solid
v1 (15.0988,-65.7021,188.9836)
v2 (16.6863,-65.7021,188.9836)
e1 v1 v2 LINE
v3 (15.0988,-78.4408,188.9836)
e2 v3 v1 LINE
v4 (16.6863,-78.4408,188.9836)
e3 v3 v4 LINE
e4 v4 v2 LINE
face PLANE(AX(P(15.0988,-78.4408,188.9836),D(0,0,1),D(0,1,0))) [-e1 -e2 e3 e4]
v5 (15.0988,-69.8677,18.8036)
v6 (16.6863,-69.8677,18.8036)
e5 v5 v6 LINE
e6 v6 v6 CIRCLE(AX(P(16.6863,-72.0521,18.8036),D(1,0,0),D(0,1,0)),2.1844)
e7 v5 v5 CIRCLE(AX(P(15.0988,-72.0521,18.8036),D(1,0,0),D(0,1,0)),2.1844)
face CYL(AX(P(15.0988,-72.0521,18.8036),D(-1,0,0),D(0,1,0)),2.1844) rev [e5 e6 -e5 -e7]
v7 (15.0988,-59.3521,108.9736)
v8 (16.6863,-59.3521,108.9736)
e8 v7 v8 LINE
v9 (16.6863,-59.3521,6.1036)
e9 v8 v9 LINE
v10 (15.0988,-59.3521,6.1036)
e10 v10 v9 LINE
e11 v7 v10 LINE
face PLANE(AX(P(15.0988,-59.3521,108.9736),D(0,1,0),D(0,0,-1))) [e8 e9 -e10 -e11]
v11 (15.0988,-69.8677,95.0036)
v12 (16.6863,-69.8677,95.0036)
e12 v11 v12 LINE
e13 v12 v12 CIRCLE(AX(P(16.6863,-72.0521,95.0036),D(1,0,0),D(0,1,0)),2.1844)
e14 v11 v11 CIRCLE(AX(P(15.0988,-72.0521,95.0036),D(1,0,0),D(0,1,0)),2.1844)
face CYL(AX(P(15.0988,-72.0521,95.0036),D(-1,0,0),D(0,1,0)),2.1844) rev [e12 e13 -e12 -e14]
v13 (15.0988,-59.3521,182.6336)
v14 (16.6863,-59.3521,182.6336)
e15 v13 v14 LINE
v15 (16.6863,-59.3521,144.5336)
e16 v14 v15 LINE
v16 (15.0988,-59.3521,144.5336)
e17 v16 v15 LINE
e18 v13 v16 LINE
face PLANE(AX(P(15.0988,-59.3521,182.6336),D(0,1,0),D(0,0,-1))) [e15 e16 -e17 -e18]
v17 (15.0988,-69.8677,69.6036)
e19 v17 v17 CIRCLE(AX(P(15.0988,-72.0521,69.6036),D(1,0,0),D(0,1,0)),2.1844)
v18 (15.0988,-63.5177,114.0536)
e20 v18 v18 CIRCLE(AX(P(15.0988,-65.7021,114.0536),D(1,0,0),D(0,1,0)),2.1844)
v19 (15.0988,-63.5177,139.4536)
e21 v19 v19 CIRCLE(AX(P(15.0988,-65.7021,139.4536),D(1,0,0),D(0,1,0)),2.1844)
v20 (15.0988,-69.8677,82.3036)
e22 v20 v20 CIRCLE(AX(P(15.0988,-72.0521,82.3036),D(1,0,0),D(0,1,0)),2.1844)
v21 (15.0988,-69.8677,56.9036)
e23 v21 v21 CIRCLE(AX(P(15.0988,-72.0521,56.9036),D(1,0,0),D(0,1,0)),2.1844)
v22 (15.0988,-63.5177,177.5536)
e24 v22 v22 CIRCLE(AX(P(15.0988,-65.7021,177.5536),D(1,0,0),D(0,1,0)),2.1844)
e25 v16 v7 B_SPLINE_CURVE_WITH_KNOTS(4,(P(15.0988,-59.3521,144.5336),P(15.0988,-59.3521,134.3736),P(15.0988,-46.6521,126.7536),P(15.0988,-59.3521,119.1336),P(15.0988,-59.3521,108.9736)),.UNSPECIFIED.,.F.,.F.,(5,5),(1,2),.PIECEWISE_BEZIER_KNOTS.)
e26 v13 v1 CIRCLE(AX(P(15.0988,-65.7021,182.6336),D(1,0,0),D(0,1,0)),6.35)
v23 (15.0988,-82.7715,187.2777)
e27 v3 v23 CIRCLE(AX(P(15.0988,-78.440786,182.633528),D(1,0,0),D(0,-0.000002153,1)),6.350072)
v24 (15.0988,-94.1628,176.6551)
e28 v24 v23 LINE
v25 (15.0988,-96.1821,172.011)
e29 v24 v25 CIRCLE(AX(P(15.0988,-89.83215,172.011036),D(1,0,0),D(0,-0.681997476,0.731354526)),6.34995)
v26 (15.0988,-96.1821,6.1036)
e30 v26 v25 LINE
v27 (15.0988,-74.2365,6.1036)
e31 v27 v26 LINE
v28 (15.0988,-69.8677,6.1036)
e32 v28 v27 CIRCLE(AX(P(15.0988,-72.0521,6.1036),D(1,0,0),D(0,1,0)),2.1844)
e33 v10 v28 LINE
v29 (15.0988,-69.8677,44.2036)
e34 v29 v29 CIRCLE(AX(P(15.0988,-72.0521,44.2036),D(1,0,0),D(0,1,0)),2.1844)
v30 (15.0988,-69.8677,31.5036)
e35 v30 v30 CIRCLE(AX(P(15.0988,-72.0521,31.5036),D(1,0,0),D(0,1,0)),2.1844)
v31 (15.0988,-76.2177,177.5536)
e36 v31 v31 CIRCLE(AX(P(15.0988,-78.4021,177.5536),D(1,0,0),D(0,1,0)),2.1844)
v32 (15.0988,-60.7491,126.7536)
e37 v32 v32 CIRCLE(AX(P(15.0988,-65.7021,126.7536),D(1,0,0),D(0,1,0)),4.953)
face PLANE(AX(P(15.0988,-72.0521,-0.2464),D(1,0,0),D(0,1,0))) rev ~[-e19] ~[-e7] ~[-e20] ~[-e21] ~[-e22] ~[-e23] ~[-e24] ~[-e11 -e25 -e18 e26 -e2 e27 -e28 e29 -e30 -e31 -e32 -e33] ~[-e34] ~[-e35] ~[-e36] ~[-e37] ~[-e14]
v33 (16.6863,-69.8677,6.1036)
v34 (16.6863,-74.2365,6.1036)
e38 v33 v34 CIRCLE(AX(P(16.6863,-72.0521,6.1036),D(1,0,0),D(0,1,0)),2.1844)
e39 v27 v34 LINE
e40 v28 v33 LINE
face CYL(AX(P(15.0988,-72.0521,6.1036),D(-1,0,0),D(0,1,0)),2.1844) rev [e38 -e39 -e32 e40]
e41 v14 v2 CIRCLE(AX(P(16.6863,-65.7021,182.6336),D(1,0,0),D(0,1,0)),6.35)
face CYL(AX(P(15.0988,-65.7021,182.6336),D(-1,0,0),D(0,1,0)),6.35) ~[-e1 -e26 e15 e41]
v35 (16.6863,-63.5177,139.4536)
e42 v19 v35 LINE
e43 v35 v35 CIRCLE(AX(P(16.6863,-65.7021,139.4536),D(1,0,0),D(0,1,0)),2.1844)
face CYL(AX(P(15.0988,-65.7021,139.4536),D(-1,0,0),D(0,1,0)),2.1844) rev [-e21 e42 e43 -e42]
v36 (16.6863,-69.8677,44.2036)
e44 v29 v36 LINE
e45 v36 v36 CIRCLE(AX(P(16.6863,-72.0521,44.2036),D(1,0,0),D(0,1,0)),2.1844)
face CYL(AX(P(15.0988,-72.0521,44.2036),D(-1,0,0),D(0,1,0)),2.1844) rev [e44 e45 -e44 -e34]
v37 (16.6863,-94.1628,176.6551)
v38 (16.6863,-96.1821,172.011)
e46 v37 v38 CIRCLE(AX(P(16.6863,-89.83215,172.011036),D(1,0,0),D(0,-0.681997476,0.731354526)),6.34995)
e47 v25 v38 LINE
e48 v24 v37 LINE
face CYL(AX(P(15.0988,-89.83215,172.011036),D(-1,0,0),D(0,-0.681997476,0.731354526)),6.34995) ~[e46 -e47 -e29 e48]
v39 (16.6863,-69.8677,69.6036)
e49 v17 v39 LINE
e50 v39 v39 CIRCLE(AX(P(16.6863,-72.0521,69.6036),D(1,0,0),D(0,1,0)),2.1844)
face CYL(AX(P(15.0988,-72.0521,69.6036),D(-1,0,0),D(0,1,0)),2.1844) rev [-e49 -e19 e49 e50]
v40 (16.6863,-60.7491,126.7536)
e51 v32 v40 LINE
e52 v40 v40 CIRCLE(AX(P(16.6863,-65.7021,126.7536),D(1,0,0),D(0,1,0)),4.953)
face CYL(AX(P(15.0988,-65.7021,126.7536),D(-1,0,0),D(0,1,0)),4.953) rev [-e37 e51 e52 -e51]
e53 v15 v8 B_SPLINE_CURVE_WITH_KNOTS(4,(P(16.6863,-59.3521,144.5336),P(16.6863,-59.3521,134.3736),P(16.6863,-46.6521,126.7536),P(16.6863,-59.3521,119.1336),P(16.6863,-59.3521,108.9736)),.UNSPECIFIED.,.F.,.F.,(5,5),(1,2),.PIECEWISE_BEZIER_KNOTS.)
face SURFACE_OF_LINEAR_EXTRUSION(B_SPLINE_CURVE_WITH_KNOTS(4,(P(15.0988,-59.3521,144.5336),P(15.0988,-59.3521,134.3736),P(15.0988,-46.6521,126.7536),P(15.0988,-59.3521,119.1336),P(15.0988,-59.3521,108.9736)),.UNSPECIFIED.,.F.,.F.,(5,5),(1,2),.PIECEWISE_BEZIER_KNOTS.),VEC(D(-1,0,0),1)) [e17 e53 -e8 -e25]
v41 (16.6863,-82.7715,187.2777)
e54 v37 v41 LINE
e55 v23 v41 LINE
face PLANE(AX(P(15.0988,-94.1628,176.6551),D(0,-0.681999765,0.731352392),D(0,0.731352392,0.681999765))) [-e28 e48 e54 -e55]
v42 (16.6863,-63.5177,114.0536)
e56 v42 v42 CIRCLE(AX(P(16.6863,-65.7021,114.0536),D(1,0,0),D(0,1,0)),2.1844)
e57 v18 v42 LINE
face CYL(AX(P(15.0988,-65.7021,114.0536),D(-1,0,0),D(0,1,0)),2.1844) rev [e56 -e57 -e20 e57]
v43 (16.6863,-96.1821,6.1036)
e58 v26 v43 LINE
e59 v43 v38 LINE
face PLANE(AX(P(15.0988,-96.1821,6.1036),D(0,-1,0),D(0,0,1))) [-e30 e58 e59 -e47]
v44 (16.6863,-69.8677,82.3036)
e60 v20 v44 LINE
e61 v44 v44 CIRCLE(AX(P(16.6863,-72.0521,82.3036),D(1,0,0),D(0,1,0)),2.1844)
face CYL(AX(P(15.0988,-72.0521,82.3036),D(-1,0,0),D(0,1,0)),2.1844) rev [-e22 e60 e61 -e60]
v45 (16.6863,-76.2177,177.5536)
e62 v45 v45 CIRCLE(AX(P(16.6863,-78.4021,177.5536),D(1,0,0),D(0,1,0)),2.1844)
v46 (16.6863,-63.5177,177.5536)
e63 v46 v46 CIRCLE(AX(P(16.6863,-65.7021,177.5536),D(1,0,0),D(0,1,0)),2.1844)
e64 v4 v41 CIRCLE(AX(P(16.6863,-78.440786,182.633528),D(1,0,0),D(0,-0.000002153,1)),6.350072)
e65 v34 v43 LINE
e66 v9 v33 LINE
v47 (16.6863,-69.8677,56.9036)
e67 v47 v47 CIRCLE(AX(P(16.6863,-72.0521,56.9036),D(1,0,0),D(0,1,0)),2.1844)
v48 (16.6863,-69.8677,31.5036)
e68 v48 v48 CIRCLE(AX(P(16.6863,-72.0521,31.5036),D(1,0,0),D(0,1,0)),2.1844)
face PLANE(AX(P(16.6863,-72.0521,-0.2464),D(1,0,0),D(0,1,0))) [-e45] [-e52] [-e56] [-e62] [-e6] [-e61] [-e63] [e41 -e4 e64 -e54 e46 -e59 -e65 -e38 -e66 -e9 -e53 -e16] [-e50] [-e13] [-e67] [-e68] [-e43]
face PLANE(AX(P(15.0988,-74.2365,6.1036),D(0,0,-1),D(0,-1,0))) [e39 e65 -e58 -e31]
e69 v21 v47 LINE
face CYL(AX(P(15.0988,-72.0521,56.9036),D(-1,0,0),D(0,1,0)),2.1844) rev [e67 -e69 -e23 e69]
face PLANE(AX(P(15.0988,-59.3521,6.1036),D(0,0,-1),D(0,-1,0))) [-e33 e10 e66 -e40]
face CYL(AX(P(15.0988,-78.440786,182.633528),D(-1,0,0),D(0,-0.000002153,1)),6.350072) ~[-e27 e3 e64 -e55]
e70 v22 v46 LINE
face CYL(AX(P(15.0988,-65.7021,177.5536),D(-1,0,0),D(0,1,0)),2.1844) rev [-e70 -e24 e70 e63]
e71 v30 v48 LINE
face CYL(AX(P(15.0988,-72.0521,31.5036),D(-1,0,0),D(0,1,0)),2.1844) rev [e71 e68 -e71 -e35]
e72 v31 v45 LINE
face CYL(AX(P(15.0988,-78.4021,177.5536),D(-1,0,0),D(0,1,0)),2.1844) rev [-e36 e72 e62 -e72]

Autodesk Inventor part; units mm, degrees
ref_plane "YZ Plane" through (0, 0, 0) normal (1, 0, 0) x (0, 1, 0)
ref_plane "XZ Plane" through (0, 0, 0) normal (0, 1, 0) x (-1, 0, 0)
ref_plane "XY Plane" through (0, 0, 0) normal (0, 0, 1) x (1, 0, 0)
ref_plane "Work Plane1" through (15.0988, -72.0521, -0.2464) normal (1, 0, 0) x (0, 1, 0)
sketch "Sketch1" plane through (15.0988, -72.0521, -0.2464) normal (1, 0, 0) x (0, 1, 0)
  circle A0 centre (0, 44.45) radius 2.1844 construction
  circle A1 centre (0, 6.35) radius 2.1844 construction
  circle A2 centre (0, 19.05) radius 2.1844 construction
  circle A3 centre (0, 31.75) radius 2.1844 construction
  line L0 (2.3114, -184.15) -> (10.3188, -184.15) construction
  circle A4 centre (0, 6.35) radius 2.1844 construction
  line L1 (61.7311, 6.35) -> (-93.8561, 6.35)
  line L2 (-24.13, 6.35) -> (-24.13, 172.2574)
  line L3 (-22.1107, 176.9015) -> (-10.7194, 187.5241)
  line L4 (-6.3887, 189.23) -> (6.35, 189.23)
  line L5 (12.7, 182.88) -> (12.7, 5.2631)
  line L6 (12.7, 184.15) -> (12.7, 121.7422) projected
  line L7 (-12.7, 121.7422) -> (-12.7, 184.15) projected
  line L8 (10.3187, 184.15) -> (-10.3187, 184.15) projected
  arc A5 (-6.3887, 189.23) -> (-10.7194, 187.5241) centre (-6.3887, 182.88) ccw
  arc A6 (-22.1107, 176.9015) -> (-24.13, 172.2574) centre (-17.78, 172.2574) ccw
  arc A7 (12.7, 182.88) -> (6.35, 189.23) centre (6.35, 182.88) ccw
  circle A8 centre (6.35, 177.8) radius 2.1844 projected
  circle A9 centre (-6.35, 177.8) radius 2.1844 projected
  circle A10 centre (0, 6.35) radius 2.1844 projected
  circle A11 centre (0, 19.05) radius 2.1844 projected
  circle A12 centre (0, 31.75) radius 2.1844 projected
  circle A13 centre (0, 44.45) radius 2.1844 projected
  circle A14 centre (0, 82.55) radius 2.1844 projected
  circle A15 centre (6.35, 127) radius 2.1844 projected
  circle A16 centre (6.35, 127) radius 4.953
  line L9 (12.7, 144.78) -> (12.7, 134.62) construction
  line L10 (12.7, 134.62) -> (25.4, 127) construction
  line L11 (25.4, 127) -> (12.7, 119.38) construction
  line L12 (12.7, 119.38) -> (12.7, 109.22) construction
  spline S0 degree 4 poles (12.7, 144.78) (12.7, 134.62) (25.4, 127) (12.7, 119.38) (12.7, 109.22) knots 1 1 1 1 1 2 2 2 2 2
  circle A17 centre (6.35, 139.7) radius 2.1844 projected
  circle A18 centre (6.35, 114.3) radius 2.1844 projected
  circle A19 centre (0, 69.85) radius 2.1844 projected
  circle A20 centre (0, 95.25) radius 2.1844 projected
  circle A21 centre (0, 57.15) radius 2.1844 projected
  circle A22 centre (0, 31.75) radius 2.1844 projected
  circle A23 centre (0, 19.05) radius 2.1844 projected
  point P0 (72.0521, 0.2464)
  point P1 (-8.89, 189.23)
  point P2 (12.7, 189.23)
  point P3 (-2.1844, 6.35)
  point P4 (2.1844, 6.35)
  point P5 (12.7, 6.35)
  dimension "d0" = 11.43
  dimension "d1" = 133
  dimension "d2" = 5.08
  dimension "d3" = 21.59
  dimension "d4" = 6.35
  dimension "d5" = 9.906
  dimension "d6" = 7.62
  dimension "d7" = 7.62
  dimension "d8" = 10.16
  dimension "d9" = 10.16
  dimension "d10" = 12.7
extrude "Extrusion1" add sketch "Sketch1" along normal blind 1.5875 contours L1 A10 L2 A6 L3 A5 L4 A7 L5 | L5 S0
